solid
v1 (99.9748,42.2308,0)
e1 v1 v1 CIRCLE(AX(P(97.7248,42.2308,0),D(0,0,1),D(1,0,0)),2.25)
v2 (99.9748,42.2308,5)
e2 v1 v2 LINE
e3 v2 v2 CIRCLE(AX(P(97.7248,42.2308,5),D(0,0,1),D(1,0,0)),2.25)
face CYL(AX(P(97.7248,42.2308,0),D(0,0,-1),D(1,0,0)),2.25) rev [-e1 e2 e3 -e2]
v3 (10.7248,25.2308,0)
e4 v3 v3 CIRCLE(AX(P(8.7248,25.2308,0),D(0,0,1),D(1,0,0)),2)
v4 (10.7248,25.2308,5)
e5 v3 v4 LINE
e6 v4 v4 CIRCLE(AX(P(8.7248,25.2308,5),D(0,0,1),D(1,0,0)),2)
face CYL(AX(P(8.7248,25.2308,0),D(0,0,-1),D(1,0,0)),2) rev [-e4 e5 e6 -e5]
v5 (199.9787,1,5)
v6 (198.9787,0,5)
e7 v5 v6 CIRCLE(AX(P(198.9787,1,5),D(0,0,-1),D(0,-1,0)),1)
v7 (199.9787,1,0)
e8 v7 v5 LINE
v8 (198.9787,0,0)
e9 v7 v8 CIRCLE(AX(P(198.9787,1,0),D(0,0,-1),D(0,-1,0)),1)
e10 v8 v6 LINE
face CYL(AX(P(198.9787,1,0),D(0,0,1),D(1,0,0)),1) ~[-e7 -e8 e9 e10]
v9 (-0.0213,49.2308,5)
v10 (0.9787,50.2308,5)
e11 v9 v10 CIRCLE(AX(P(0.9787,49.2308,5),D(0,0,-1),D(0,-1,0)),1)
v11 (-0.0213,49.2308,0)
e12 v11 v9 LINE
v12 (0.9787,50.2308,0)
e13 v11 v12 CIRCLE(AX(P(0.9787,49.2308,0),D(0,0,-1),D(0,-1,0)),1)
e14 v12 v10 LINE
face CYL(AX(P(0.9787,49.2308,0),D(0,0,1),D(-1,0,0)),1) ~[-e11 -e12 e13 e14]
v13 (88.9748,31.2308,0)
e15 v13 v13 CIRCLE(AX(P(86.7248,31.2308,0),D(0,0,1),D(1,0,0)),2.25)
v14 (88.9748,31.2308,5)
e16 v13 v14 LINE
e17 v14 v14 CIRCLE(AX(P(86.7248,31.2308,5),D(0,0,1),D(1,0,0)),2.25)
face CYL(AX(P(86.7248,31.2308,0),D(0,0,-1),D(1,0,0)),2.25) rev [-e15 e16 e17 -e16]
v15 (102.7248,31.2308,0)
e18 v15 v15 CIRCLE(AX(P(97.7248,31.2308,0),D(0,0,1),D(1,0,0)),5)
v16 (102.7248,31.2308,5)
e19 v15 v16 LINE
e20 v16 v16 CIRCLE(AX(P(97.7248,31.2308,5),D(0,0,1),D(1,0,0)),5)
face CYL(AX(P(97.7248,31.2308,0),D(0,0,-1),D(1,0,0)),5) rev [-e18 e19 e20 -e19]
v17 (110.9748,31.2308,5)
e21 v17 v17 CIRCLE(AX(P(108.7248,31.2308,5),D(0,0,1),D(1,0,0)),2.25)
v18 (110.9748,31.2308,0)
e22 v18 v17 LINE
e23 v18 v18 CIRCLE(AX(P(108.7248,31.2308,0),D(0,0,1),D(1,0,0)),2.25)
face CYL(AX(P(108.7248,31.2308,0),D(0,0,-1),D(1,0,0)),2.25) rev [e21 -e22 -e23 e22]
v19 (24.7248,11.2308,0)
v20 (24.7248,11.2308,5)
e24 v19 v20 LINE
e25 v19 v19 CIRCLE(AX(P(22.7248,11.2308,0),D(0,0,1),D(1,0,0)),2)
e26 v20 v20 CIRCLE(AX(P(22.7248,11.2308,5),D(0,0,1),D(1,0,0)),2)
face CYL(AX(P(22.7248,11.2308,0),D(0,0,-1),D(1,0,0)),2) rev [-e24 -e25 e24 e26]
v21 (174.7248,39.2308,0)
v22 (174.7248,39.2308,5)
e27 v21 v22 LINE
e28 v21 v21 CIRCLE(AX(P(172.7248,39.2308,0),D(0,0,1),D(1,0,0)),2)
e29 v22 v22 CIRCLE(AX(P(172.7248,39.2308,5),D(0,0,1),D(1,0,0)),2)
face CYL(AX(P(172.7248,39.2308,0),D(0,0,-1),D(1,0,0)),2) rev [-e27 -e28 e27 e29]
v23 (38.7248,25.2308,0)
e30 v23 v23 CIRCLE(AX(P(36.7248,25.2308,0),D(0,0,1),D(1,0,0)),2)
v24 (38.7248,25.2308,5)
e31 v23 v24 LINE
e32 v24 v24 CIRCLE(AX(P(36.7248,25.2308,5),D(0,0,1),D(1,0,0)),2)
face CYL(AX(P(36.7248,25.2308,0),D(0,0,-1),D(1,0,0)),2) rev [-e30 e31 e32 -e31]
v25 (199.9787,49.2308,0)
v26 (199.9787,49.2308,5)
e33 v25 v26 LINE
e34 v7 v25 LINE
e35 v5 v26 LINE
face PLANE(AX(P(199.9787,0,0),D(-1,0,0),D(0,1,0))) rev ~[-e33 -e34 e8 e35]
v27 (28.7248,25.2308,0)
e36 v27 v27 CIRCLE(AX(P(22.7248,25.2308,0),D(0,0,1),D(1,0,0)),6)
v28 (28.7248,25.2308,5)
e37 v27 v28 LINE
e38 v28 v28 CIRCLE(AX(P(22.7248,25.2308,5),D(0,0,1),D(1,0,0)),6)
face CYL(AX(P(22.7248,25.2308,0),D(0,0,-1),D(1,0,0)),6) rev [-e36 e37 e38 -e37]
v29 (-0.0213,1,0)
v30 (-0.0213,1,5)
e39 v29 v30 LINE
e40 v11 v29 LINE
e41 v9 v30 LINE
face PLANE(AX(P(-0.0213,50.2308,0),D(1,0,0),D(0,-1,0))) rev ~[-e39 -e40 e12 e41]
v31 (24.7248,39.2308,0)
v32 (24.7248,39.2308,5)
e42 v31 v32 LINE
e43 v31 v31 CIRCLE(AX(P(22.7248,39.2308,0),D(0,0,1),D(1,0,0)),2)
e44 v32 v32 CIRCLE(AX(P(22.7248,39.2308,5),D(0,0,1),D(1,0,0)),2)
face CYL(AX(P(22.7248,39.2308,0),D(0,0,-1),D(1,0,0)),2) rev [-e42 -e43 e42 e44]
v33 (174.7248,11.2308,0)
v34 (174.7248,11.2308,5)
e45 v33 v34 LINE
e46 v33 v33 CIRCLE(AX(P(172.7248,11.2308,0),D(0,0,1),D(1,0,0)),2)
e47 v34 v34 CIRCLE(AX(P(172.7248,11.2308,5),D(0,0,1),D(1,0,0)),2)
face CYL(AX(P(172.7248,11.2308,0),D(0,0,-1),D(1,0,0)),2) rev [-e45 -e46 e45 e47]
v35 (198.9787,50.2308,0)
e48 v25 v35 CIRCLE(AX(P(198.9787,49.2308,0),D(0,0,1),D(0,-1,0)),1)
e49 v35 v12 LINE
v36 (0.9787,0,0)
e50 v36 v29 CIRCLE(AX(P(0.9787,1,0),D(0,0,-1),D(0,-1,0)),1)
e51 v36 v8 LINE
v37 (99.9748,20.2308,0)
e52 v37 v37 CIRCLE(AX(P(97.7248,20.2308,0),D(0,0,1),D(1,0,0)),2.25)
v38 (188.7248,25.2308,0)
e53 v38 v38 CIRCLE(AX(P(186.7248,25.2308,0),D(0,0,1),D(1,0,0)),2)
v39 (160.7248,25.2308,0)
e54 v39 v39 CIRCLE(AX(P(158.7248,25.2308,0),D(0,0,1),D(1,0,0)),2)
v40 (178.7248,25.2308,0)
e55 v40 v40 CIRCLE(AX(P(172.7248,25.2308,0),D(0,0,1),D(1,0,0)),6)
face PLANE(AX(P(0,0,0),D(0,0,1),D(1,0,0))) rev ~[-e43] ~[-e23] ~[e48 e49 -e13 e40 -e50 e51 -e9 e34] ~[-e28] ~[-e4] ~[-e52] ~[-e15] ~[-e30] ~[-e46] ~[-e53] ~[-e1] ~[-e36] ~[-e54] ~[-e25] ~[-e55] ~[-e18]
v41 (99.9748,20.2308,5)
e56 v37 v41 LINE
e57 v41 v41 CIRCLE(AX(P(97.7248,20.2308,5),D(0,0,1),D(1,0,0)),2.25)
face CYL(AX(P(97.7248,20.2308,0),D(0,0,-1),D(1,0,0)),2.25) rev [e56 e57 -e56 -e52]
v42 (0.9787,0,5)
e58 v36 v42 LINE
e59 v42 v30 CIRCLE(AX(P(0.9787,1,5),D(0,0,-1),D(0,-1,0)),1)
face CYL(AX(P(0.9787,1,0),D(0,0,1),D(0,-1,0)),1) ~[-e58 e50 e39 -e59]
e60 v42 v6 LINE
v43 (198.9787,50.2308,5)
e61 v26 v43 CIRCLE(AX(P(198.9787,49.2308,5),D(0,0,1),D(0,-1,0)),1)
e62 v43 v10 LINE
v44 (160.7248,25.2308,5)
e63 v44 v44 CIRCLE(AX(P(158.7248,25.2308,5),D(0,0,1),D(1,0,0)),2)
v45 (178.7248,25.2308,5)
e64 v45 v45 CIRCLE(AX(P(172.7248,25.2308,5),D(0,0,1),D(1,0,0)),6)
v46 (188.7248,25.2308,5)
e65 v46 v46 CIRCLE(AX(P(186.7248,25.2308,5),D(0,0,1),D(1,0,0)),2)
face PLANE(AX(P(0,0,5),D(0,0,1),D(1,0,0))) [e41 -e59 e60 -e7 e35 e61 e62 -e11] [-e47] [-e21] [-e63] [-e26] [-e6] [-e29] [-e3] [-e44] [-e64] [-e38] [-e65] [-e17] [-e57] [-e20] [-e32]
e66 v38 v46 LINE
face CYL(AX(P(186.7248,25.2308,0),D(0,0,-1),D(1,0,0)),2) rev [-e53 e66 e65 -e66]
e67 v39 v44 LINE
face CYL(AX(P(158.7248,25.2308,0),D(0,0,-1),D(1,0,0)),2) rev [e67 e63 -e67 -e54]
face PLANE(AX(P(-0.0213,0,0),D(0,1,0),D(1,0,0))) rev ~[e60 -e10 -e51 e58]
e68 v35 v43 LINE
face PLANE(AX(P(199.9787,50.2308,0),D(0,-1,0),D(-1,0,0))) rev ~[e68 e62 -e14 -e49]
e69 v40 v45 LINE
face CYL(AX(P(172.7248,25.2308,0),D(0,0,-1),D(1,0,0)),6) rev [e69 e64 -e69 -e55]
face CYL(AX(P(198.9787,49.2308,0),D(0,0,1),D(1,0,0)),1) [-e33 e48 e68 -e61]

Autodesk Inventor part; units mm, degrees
ref_plane "YZ Plane" through (0, 0, 0) normal (1, 0, 0) x (0, 1, 0)
ref_plane "XZ Plane" through (0, 0, 0) normal (0, 1, 0) x (-1, 0, 0)
ref_plane "XY Plane" through (0, 0, 0) normal (0, 0, 1) x (1, 0, 0)
sketch "Sketch1" plane through (0, 0, 0) normal (0, 0, 1) x (1, 0, 0)
  line L0 (199.9787, 50.2308) -> (-0.0213, 50.2308)
  circle A0 centre (172.7248, 39.2308) radius 2
  circle A1 centre (158.7248, 25.2308) radius 2
  circle A2 centre (172.7248, 11.2308) radius 2
  circle A3 centre (186.7248, 25.2308) radius 2
  circle A4 centre (22.7248, 39.2308) radius 2
  circle A5 centre (8.7248, 25.2308) radius 2
  circle A6 centre (22.7248, 11.2308) radius 2
  circle A7 centre (36.7248, 25.2308) radius 2
  circle A8 centre (97.7248, 31.2308) radius 5
  circle A9 centre (172.7248, 25.2308) radius 6
  circle A10 centre (22.7248, 25.2308) radius 6
  circle A11 centre (97.7248, 20.2308) radius 2.25
  circle A12 centre (86.7248, 31.2308) radius 2.25
  circle A13 centre (108.7248, 31.2308) radius 2.25
  circle A14 centre (97.7248, 42.2308) radius 2.25
  line L1 (-0.0213, 50.2308) -> (-0.0213, 0)
  line L2 (-0.0213, 0) -> (199.9787, 0)
  line L3 (199.9787, 0) -> (199.9787, 50.2308)
  point P0 (0, 0)
extrude "Extrusion1" add sketch "Sketch1" along normal blind 5
fillet "Fillet1" radius 1 1 edges at (199.9787, 50.2308, 2.5)
fillet "Fillet2" radius 1 1 edges at (199.9787, 0, 2.5)
fillet "Fillet3" radius 1 1 edges at (-0.0213, 0, 2.5)
fillet "Fillet4" radius 1 1 edges at (-0.0213, 50.2308, 2.5)
properties part number "print bed test strut"
